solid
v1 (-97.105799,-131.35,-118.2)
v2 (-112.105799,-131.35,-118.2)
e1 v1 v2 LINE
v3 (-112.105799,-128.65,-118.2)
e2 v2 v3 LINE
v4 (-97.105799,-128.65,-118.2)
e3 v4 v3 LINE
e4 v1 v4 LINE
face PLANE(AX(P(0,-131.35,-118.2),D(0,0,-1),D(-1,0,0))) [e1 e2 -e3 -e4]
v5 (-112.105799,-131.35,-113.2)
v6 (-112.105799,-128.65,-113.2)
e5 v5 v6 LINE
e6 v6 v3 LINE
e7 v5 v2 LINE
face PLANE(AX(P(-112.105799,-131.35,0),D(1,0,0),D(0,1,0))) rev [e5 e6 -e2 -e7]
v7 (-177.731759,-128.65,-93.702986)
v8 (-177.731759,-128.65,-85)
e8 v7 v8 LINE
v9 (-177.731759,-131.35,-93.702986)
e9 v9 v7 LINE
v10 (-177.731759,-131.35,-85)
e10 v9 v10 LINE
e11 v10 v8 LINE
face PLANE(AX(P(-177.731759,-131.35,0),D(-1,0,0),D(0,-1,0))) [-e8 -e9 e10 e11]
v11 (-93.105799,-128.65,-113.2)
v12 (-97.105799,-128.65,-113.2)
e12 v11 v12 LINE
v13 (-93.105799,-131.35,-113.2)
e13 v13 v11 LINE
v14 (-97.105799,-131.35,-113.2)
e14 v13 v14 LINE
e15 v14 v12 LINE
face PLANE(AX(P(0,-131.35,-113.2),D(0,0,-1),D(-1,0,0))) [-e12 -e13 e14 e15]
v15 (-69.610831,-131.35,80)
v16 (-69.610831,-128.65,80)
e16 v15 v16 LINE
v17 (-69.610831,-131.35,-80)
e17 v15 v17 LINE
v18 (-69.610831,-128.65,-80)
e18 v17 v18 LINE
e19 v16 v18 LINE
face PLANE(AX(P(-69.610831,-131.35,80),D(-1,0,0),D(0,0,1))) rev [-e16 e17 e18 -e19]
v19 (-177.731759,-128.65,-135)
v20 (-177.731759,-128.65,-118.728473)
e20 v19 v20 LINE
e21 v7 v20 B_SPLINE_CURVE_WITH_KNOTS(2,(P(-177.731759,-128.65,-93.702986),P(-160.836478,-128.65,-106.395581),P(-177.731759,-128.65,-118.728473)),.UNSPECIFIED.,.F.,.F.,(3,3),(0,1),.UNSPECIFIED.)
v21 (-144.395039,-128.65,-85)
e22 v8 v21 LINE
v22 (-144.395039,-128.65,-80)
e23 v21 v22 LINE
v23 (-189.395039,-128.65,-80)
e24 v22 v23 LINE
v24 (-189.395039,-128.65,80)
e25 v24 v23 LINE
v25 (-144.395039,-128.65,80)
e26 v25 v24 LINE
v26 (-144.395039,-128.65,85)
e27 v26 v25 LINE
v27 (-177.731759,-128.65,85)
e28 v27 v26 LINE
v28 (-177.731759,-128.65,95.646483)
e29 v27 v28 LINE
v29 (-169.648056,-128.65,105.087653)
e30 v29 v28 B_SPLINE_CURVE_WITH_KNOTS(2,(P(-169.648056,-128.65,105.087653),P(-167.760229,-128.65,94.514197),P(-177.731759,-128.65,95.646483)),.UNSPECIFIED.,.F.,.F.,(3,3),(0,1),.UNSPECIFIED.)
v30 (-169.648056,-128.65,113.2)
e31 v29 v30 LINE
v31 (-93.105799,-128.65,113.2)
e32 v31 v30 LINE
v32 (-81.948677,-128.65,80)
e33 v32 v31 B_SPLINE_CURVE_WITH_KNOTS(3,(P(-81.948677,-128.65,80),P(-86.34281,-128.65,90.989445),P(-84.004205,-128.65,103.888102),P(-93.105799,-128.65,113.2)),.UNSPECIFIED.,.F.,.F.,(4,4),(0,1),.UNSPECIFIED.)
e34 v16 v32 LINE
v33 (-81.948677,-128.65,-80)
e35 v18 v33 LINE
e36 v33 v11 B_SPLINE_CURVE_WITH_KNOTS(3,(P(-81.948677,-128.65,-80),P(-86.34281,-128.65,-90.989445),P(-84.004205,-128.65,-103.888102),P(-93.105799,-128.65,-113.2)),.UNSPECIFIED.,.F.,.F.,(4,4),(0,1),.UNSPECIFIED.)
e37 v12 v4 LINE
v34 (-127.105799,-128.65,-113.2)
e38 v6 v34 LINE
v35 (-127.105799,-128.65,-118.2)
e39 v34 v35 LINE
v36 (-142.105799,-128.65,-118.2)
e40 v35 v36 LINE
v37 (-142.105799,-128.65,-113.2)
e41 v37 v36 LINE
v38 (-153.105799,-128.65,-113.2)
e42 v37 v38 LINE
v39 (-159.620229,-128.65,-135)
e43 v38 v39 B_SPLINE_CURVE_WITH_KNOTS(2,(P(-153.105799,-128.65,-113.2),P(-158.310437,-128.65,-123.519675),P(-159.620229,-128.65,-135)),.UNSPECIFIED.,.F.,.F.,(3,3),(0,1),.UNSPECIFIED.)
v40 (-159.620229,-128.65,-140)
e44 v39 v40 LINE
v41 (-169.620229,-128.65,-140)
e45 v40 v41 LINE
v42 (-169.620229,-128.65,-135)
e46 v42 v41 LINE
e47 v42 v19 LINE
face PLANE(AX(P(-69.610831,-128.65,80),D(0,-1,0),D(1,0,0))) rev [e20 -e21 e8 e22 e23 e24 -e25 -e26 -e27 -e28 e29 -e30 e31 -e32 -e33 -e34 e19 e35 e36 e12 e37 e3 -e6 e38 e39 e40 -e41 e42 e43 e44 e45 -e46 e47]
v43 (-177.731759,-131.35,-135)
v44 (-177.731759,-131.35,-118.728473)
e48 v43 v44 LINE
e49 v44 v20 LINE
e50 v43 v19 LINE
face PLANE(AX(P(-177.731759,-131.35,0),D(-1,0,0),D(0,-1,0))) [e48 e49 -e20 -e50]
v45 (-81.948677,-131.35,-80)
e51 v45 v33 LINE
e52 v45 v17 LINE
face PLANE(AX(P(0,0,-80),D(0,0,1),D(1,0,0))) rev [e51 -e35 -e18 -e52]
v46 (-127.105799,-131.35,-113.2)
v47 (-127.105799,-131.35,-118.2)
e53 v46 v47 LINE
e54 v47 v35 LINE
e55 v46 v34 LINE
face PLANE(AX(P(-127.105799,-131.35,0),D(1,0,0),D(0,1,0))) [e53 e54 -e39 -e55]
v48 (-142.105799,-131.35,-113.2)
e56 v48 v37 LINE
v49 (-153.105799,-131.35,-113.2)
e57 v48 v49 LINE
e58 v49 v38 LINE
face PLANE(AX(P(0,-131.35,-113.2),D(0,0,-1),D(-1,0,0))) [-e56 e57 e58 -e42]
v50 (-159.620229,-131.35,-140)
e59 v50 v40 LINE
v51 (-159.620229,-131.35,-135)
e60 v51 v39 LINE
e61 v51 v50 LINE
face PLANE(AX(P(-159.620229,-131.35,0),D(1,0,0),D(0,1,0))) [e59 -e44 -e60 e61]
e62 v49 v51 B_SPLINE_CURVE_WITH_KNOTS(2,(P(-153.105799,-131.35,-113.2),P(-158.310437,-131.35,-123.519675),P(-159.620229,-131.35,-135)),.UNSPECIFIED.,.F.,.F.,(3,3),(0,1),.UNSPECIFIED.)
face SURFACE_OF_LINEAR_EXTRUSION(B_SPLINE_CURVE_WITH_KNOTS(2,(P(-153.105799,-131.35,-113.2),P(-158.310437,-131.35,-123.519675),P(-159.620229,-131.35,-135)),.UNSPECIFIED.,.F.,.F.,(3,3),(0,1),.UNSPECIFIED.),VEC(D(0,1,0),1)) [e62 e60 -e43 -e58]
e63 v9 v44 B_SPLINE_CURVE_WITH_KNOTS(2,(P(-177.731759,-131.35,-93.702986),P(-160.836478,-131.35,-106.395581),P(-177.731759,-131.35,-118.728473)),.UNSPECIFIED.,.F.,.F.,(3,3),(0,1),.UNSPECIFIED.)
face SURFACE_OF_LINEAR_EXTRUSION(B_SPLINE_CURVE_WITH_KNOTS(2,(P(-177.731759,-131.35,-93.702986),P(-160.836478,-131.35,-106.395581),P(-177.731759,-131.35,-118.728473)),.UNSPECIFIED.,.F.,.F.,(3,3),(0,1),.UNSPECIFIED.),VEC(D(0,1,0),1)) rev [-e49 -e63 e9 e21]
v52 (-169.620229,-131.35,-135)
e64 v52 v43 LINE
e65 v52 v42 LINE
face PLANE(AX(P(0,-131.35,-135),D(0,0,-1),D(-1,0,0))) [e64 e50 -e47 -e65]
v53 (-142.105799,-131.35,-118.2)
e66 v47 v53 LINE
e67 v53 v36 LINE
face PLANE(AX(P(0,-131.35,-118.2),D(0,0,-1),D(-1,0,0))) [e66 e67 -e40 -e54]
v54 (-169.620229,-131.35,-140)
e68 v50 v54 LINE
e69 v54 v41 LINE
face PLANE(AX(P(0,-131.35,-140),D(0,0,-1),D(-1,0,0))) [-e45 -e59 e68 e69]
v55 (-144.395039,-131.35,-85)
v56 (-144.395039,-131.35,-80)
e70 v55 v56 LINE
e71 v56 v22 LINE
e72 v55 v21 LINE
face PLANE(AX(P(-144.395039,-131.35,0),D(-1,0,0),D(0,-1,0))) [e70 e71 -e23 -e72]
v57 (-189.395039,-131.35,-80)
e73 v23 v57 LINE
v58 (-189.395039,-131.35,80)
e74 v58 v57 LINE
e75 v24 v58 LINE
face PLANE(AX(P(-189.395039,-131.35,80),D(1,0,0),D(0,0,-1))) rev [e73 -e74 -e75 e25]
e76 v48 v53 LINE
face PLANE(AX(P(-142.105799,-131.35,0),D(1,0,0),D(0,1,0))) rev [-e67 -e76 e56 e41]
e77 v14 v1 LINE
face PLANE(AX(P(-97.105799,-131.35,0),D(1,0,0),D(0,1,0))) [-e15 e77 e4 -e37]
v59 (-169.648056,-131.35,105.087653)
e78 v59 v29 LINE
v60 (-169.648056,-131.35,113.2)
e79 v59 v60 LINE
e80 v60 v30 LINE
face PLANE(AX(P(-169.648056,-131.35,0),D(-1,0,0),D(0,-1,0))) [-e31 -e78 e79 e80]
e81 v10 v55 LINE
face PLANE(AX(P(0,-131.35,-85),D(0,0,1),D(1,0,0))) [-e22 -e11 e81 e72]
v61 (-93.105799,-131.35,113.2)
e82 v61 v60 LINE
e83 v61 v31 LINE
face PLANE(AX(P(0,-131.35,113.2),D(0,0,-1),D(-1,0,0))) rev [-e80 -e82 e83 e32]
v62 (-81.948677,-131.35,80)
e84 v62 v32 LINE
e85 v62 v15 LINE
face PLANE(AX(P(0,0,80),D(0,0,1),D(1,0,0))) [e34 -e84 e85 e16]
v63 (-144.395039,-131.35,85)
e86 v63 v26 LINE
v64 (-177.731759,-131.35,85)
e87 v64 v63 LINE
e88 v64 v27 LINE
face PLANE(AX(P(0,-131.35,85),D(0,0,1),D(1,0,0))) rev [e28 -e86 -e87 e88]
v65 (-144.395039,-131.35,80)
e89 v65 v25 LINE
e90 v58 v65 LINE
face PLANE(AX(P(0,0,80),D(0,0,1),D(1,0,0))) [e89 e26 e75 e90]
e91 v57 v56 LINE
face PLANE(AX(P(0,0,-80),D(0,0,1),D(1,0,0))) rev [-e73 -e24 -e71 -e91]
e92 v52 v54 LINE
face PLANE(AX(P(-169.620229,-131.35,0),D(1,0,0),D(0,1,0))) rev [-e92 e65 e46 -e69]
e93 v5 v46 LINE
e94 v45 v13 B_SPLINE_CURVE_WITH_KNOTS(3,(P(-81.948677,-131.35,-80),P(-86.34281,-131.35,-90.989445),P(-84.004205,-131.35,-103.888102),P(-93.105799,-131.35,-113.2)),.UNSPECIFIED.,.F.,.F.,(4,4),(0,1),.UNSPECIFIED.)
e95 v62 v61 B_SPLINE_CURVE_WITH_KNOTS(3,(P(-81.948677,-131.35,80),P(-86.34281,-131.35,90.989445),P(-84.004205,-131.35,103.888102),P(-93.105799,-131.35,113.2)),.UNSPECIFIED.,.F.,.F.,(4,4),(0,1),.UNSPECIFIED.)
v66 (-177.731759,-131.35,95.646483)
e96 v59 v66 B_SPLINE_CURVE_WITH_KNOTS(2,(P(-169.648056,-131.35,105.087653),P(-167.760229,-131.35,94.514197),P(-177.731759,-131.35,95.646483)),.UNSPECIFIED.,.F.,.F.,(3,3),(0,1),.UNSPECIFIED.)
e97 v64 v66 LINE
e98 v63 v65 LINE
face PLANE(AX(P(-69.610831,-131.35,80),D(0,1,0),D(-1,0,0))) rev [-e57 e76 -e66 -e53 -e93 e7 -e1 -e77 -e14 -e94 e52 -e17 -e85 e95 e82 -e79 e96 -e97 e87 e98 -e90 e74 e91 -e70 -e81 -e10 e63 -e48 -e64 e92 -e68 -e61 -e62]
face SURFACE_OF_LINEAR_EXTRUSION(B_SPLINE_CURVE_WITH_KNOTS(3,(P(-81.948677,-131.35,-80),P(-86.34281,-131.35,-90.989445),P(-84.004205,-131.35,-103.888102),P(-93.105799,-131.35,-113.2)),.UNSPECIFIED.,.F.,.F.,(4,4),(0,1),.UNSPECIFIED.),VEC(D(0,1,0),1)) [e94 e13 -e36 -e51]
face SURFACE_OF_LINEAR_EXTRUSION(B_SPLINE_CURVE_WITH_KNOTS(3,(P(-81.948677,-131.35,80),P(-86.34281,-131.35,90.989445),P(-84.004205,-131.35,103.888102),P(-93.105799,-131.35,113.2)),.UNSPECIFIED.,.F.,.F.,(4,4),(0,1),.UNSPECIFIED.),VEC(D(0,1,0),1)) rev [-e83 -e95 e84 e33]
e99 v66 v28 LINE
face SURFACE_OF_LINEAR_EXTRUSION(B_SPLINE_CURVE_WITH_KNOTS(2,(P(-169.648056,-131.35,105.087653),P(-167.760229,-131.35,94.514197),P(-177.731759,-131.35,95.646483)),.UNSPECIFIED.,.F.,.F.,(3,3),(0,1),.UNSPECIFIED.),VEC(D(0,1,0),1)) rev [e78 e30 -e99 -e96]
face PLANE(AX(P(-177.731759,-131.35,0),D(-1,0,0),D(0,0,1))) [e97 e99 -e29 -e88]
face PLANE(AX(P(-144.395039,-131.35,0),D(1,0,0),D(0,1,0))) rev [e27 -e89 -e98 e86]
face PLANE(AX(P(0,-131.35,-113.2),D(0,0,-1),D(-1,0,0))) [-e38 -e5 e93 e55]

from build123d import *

# Parameters (mm, degrees)
SKETCH1_W           = 119.784208154
SKETCH1_H           = 2.7
BOSS_EXTRUDE1_DEPTH = 80
BOSS_EXTRUDE2_DEPTH = 2.7


with BuildPart() as part:
    # Sketch1 → Boss-Extrude1 (new, symmetric)
    with BuildSketch(Plane.XY):
        with Locations((-129.502935336, -130)):
            Rectangle(SKETCH1_W, SKETCH1_H)
    extrude(amount=BOSS_EXTRUDE1_DEPTH, both=True)

    # Sketch2 → Boss-Extrude2 (add)
    with BuildSketch(Plane(origin=(0, -128.65, 0), x_dir=(1, 0, 0), z_dir=(0, 1, 0))):
        with BuildLine():
            Line((-169.648055861, -113.2), (-93.105798555, -113.2))
            add(Edge.make_bspline(
                [(-81.948677427, -80), (-86.342810108, -90.98944534), (-84.004205112, -103.888102009), (-93.105798555, -113.2)],
                knots=[0, 0, 0, 0, 1, 1, 1, 1], degree=3))
            Line((-81.948677427, -80), (-81.948677427, -77.720195576))
            Line((-81.948677427, -77.720195576), (-177.731759246, -77.720195576))
            Line((-177.731759246, -77.720195576), (-177.731759246, -80))
            Line((-177.731759246, -80), (-144.395039413, -80))
            Line((-144.395039413, -80), (-144.395039413, -85))
            Line((-144.395039413, -85), (-177.731759246, -85))
            Line((-177.731759246, -85), (-177.731759246, -95.646483093))
            add(Edge.make_bspline(
                [(-169.648055861, -105.087652523), (-167.760228738, -94.514197341), (-177.731759246, -95.646483093)],
                knots=[0, 0, 0, 1, 1, 1], degree=2))
            Line((-169.648055861, -105.087652523), (-169.648055861, -113.2))
        make_face()
        with BuildLine():
            Line((-177.731759246, 80), (-177.731759246, 77.720195576))
            Line((-177.731759246, 77.720195576), (-81.948677427, 77.720195576))
            Line((-81.948677427, 77.720195576), (-81.948677427, 80))
            add(Edge.make_bspline(
                [(-81.948677427, 80), (-86.342810108, 90.98944534), (-84.004205112, 103.888102009), (-93.105798555, 113.2)],
                knots=[0, 0, 0, 0, 1, 1, 1, 1], degree=3))
            Line((-93.105798555, 113.2), (-97.105798555, 113.2))
            Line((-97.105798555, 113.2), (-97.105798555, 118.2))
            Line((-97.105798555, 118.2), (-112.105798555, 118.2))
            Line((-112.105798555, 118.2), (-112.105798555, 113.2))
            Line((-112.105798555, 113.2), (-127.105798555, 113.2))
            Line((-127.105798555, 113.2), (-127.105798555, 118.2))
            Line((-127.105798555, 118.2), (-142.105798555, 118.2))
            Line((-142.105798555, 118.2), (-142.105798555, 113.2))
            Line((-142.105798555, 113.2), (-153.105798555, 113.2))
            add(Edge.make_bspline(
                [(-153.105798555, 113.2), (-158.310437451, 123.519674565), (-159.620228805, 135)],
                knots=[0, 0, 0, 1, 1, 1], degree=2))
            Line((-159.620228805, 135), (-159.620228805, 140))
            Line((-159.620228805, 140), (-169.620228805, 140))
            Line((-169.620228805, 140), (-169.620228805, 135))
            Line((-169.620228805, 135), (-177.731759246, 135))
            Line((-177.731759246, 135), (-177.731759246, 118.728473066))
            add(Edge.make_bspline(
                [(-177.731759246, 93.702985707), (-160.836478184, 106.395581303), (-177.731759246, 118.728473066)],
                knots=[0, 0, 0, 1, 1, 1], degree=2))
            Line((-177.731759246, 93.702985707), (-177.731759246, 85))
            Line((-177.731759246, 85), (-144.395039413, 85))
            Line((-144.395039413, 85), (-144.395039413, 80))
            Line((-144.395039413, 80), (-177.731759246, 80))
        make_face()
    extrude(amount=-BOSS_EXTRUDE2_DEPTH)


solid = part.part
